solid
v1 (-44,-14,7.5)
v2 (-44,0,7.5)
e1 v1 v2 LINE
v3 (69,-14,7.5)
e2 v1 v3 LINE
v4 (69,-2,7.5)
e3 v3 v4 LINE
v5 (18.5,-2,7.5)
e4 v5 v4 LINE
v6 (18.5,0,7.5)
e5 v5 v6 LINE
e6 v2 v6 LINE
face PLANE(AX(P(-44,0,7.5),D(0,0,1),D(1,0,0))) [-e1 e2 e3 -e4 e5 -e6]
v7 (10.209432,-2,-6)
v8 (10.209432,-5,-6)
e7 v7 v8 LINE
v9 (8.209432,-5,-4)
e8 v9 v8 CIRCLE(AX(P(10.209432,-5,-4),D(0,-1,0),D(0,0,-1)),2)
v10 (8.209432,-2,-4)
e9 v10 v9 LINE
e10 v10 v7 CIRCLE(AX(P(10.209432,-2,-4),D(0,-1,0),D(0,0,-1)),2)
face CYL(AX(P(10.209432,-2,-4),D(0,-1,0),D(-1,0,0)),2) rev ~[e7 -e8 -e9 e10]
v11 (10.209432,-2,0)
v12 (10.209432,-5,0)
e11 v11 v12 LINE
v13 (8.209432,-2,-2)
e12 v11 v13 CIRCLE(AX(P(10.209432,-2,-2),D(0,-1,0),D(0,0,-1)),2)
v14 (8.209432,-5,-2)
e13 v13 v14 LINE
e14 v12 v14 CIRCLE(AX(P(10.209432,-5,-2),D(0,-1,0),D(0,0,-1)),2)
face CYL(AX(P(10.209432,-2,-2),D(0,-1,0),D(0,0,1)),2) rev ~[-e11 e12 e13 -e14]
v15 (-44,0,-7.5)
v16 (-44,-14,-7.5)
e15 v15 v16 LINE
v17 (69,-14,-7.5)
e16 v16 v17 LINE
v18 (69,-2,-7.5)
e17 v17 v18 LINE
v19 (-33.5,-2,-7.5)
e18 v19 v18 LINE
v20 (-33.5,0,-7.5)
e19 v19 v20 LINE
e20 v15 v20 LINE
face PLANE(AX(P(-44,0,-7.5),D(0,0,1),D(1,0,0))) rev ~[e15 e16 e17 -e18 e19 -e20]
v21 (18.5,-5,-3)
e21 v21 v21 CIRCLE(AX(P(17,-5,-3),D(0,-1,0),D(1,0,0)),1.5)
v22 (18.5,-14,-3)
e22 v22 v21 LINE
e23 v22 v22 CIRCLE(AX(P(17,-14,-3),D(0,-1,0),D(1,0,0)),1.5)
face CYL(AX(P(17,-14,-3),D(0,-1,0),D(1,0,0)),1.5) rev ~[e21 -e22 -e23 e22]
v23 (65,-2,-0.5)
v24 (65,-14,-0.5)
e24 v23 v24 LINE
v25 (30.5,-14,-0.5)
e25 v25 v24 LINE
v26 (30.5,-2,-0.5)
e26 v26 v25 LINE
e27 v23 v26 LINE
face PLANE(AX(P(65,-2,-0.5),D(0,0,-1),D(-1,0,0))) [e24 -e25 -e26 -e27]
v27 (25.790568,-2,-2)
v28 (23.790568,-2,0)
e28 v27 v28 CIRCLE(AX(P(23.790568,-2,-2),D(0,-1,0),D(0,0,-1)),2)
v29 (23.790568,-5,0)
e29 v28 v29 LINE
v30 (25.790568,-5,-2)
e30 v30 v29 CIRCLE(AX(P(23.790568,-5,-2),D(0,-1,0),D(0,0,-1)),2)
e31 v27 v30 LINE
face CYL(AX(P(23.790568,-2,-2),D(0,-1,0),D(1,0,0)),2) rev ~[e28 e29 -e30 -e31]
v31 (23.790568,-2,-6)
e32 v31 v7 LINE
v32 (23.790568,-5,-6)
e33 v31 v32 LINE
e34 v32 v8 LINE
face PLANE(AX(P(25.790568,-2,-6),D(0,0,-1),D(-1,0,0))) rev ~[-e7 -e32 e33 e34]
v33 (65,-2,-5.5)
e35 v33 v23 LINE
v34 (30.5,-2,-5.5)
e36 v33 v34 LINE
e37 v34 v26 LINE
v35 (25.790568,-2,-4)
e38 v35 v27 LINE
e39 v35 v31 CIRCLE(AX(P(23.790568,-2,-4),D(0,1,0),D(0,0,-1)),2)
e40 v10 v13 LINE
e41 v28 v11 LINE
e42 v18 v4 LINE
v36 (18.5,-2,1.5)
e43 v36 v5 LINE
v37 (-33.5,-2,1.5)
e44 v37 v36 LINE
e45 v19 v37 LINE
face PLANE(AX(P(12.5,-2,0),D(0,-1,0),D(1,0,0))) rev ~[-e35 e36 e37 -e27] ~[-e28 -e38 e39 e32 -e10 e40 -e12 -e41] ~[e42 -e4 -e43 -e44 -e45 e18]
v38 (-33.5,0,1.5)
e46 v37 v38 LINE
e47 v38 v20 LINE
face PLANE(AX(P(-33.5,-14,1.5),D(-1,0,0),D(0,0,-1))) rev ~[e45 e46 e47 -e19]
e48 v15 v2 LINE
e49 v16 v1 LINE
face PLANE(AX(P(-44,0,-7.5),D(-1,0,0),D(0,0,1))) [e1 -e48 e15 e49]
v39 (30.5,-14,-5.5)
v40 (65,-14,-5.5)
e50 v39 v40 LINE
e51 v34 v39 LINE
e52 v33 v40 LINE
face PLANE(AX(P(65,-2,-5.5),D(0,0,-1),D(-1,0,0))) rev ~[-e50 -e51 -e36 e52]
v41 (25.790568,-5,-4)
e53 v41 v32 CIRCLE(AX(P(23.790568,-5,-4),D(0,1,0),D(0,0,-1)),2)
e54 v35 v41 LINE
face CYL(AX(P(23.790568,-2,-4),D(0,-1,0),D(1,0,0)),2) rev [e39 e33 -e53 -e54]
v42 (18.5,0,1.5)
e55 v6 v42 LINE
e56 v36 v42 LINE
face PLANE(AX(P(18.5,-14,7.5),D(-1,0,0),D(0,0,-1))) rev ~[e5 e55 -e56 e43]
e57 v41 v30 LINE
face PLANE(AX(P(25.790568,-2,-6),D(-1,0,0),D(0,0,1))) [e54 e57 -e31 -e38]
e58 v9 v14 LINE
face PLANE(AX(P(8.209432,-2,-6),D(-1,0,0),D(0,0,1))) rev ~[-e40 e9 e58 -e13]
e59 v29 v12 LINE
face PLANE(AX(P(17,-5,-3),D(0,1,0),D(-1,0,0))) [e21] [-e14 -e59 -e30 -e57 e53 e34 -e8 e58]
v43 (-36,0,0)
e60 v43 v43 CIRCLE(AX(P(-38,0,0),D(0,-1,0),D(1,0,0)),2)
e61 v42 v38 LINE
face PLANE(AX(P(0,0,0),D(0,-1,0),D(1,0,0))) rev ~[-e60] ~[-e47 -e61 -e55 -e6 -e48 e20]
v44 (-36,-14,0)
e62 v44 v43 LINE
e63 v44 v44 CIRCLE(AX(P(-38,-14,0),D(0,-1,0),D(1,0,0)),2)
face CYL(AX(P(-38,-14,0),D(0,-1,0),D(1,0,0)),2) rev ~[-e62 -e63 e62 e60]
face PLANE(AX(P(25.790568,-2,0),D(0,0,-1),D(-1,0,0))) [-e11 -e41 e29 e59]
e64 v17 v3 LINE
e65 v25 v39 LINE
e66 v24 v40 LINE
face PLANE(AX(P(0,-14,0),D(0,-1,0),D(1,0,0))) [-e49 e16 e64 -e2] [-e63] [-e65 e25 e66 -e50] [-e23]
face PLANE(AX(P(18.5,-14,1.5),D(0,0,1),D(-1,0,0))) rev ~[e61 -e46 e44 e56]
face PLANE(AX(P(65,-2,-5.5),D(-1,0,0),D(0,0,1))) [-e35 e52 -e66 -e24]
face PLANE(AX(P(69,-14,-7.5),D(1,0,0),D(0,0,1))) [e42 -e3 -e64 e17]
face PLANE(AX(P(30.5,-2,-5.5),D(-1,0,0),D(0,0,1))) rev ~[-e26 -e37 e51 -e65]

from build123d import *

# Parameters (mm, degrees)
F0_W      = 88
F0_H      = 15
F1_DEPTH  = 14
F3_DEPTH  = 24.5
F4_W      = 113
F4_H      = 15
F5_DEPTH  = 12
F6_W      = 34.5
F6_H      = 5
F7_DEPTH  = 25
F8_R      = 1.5
F9_DEPTH  = 25
F10_W     = 17.581136
F10_H     = 6
F11_DEPTH = 3
F12_R     = 2
F13_R     = 2
F14_DEPTH = 25


with BuildPart() as f1:
    # F0 (on Front) → F1 (new body)
    with BuildSketch(Plane.XZ):
        Rectangle(F0_W, F0_H)
    extrude(amount=F1_DEPTH)

    # F2 (on face) → F3 (cut)
    with BuildSketch(Plane.XZ.offset(14)):
        Polygon((-33.5, 1.5), (-33.5, -7.5), (44, -7.5), (44, 7.5), (18.5, 7.5), (18.5, 1.5), align=None)
    extrude(amount=-F3_DEPTH, mode=Mode.SUBTRACT)

    # F4 (on face) → F5 (join)
    with BuildSketch(Plane.XZ.offset(14)):
        with Locations((12.5, 0)):
            Rectangle(F4_W, F4_H)
    extrude(amount=-F5_DEPTH)

    # F6 (on face) → F7 (cut)
    with BuildSketch(Plane(origin=(0, -2, 0), x_dir=(-1, 0, 0), z_dir=(0, 1, 0))):
        with Locations((-47.75, -3)):
            Rectangle(F6_W, F6_H)
    extrude(amount=-F7_DEPTH, mode=Mode.SUBTRACT)

    # F8 (on face) → F9 (cut)
    with BuildSketch(Plane.XZ.offset(14)):
        with Locations((17, -3)):
            Circle(F8_R)
    extrude(amount=-F9_DEPTH, mode=Mode.SUBTRACT)

    # F10 (on face) → F11 (cut)
    with BuildSketch(Plane(origin=(0, -2, 0), x_dir=(-1, 0, 0), z_dir=(0, 1, 0))):
        with Locations((-17, -3)):
            Rectangle(F10_W, F10_H)
    extrude(amount=-F11_DEPTH, mode=Mode.SUBTRACT)

    # F12
    f12_edges = [f1.edges().sort_by_distance(p)[0] for p in [
        (8.209432, -3.5, 0),
        (8.209432, -3.5, -6),
        (25.790568, -3.5, 0),
        (25.790568, -3.5, -6),
    ]]
    fillet(f12_edges, radius=F12_R)

    # F13 (on face) → F14 (cut)
    with BuildSketch(Plane.XZ.offset(14)):
        with Locations((-38, 0)):
            Circle(F13_R)
    extrude(amount=-F14_DEPTH, mode=Mode.SUBTRACT)


solid = f1.part
